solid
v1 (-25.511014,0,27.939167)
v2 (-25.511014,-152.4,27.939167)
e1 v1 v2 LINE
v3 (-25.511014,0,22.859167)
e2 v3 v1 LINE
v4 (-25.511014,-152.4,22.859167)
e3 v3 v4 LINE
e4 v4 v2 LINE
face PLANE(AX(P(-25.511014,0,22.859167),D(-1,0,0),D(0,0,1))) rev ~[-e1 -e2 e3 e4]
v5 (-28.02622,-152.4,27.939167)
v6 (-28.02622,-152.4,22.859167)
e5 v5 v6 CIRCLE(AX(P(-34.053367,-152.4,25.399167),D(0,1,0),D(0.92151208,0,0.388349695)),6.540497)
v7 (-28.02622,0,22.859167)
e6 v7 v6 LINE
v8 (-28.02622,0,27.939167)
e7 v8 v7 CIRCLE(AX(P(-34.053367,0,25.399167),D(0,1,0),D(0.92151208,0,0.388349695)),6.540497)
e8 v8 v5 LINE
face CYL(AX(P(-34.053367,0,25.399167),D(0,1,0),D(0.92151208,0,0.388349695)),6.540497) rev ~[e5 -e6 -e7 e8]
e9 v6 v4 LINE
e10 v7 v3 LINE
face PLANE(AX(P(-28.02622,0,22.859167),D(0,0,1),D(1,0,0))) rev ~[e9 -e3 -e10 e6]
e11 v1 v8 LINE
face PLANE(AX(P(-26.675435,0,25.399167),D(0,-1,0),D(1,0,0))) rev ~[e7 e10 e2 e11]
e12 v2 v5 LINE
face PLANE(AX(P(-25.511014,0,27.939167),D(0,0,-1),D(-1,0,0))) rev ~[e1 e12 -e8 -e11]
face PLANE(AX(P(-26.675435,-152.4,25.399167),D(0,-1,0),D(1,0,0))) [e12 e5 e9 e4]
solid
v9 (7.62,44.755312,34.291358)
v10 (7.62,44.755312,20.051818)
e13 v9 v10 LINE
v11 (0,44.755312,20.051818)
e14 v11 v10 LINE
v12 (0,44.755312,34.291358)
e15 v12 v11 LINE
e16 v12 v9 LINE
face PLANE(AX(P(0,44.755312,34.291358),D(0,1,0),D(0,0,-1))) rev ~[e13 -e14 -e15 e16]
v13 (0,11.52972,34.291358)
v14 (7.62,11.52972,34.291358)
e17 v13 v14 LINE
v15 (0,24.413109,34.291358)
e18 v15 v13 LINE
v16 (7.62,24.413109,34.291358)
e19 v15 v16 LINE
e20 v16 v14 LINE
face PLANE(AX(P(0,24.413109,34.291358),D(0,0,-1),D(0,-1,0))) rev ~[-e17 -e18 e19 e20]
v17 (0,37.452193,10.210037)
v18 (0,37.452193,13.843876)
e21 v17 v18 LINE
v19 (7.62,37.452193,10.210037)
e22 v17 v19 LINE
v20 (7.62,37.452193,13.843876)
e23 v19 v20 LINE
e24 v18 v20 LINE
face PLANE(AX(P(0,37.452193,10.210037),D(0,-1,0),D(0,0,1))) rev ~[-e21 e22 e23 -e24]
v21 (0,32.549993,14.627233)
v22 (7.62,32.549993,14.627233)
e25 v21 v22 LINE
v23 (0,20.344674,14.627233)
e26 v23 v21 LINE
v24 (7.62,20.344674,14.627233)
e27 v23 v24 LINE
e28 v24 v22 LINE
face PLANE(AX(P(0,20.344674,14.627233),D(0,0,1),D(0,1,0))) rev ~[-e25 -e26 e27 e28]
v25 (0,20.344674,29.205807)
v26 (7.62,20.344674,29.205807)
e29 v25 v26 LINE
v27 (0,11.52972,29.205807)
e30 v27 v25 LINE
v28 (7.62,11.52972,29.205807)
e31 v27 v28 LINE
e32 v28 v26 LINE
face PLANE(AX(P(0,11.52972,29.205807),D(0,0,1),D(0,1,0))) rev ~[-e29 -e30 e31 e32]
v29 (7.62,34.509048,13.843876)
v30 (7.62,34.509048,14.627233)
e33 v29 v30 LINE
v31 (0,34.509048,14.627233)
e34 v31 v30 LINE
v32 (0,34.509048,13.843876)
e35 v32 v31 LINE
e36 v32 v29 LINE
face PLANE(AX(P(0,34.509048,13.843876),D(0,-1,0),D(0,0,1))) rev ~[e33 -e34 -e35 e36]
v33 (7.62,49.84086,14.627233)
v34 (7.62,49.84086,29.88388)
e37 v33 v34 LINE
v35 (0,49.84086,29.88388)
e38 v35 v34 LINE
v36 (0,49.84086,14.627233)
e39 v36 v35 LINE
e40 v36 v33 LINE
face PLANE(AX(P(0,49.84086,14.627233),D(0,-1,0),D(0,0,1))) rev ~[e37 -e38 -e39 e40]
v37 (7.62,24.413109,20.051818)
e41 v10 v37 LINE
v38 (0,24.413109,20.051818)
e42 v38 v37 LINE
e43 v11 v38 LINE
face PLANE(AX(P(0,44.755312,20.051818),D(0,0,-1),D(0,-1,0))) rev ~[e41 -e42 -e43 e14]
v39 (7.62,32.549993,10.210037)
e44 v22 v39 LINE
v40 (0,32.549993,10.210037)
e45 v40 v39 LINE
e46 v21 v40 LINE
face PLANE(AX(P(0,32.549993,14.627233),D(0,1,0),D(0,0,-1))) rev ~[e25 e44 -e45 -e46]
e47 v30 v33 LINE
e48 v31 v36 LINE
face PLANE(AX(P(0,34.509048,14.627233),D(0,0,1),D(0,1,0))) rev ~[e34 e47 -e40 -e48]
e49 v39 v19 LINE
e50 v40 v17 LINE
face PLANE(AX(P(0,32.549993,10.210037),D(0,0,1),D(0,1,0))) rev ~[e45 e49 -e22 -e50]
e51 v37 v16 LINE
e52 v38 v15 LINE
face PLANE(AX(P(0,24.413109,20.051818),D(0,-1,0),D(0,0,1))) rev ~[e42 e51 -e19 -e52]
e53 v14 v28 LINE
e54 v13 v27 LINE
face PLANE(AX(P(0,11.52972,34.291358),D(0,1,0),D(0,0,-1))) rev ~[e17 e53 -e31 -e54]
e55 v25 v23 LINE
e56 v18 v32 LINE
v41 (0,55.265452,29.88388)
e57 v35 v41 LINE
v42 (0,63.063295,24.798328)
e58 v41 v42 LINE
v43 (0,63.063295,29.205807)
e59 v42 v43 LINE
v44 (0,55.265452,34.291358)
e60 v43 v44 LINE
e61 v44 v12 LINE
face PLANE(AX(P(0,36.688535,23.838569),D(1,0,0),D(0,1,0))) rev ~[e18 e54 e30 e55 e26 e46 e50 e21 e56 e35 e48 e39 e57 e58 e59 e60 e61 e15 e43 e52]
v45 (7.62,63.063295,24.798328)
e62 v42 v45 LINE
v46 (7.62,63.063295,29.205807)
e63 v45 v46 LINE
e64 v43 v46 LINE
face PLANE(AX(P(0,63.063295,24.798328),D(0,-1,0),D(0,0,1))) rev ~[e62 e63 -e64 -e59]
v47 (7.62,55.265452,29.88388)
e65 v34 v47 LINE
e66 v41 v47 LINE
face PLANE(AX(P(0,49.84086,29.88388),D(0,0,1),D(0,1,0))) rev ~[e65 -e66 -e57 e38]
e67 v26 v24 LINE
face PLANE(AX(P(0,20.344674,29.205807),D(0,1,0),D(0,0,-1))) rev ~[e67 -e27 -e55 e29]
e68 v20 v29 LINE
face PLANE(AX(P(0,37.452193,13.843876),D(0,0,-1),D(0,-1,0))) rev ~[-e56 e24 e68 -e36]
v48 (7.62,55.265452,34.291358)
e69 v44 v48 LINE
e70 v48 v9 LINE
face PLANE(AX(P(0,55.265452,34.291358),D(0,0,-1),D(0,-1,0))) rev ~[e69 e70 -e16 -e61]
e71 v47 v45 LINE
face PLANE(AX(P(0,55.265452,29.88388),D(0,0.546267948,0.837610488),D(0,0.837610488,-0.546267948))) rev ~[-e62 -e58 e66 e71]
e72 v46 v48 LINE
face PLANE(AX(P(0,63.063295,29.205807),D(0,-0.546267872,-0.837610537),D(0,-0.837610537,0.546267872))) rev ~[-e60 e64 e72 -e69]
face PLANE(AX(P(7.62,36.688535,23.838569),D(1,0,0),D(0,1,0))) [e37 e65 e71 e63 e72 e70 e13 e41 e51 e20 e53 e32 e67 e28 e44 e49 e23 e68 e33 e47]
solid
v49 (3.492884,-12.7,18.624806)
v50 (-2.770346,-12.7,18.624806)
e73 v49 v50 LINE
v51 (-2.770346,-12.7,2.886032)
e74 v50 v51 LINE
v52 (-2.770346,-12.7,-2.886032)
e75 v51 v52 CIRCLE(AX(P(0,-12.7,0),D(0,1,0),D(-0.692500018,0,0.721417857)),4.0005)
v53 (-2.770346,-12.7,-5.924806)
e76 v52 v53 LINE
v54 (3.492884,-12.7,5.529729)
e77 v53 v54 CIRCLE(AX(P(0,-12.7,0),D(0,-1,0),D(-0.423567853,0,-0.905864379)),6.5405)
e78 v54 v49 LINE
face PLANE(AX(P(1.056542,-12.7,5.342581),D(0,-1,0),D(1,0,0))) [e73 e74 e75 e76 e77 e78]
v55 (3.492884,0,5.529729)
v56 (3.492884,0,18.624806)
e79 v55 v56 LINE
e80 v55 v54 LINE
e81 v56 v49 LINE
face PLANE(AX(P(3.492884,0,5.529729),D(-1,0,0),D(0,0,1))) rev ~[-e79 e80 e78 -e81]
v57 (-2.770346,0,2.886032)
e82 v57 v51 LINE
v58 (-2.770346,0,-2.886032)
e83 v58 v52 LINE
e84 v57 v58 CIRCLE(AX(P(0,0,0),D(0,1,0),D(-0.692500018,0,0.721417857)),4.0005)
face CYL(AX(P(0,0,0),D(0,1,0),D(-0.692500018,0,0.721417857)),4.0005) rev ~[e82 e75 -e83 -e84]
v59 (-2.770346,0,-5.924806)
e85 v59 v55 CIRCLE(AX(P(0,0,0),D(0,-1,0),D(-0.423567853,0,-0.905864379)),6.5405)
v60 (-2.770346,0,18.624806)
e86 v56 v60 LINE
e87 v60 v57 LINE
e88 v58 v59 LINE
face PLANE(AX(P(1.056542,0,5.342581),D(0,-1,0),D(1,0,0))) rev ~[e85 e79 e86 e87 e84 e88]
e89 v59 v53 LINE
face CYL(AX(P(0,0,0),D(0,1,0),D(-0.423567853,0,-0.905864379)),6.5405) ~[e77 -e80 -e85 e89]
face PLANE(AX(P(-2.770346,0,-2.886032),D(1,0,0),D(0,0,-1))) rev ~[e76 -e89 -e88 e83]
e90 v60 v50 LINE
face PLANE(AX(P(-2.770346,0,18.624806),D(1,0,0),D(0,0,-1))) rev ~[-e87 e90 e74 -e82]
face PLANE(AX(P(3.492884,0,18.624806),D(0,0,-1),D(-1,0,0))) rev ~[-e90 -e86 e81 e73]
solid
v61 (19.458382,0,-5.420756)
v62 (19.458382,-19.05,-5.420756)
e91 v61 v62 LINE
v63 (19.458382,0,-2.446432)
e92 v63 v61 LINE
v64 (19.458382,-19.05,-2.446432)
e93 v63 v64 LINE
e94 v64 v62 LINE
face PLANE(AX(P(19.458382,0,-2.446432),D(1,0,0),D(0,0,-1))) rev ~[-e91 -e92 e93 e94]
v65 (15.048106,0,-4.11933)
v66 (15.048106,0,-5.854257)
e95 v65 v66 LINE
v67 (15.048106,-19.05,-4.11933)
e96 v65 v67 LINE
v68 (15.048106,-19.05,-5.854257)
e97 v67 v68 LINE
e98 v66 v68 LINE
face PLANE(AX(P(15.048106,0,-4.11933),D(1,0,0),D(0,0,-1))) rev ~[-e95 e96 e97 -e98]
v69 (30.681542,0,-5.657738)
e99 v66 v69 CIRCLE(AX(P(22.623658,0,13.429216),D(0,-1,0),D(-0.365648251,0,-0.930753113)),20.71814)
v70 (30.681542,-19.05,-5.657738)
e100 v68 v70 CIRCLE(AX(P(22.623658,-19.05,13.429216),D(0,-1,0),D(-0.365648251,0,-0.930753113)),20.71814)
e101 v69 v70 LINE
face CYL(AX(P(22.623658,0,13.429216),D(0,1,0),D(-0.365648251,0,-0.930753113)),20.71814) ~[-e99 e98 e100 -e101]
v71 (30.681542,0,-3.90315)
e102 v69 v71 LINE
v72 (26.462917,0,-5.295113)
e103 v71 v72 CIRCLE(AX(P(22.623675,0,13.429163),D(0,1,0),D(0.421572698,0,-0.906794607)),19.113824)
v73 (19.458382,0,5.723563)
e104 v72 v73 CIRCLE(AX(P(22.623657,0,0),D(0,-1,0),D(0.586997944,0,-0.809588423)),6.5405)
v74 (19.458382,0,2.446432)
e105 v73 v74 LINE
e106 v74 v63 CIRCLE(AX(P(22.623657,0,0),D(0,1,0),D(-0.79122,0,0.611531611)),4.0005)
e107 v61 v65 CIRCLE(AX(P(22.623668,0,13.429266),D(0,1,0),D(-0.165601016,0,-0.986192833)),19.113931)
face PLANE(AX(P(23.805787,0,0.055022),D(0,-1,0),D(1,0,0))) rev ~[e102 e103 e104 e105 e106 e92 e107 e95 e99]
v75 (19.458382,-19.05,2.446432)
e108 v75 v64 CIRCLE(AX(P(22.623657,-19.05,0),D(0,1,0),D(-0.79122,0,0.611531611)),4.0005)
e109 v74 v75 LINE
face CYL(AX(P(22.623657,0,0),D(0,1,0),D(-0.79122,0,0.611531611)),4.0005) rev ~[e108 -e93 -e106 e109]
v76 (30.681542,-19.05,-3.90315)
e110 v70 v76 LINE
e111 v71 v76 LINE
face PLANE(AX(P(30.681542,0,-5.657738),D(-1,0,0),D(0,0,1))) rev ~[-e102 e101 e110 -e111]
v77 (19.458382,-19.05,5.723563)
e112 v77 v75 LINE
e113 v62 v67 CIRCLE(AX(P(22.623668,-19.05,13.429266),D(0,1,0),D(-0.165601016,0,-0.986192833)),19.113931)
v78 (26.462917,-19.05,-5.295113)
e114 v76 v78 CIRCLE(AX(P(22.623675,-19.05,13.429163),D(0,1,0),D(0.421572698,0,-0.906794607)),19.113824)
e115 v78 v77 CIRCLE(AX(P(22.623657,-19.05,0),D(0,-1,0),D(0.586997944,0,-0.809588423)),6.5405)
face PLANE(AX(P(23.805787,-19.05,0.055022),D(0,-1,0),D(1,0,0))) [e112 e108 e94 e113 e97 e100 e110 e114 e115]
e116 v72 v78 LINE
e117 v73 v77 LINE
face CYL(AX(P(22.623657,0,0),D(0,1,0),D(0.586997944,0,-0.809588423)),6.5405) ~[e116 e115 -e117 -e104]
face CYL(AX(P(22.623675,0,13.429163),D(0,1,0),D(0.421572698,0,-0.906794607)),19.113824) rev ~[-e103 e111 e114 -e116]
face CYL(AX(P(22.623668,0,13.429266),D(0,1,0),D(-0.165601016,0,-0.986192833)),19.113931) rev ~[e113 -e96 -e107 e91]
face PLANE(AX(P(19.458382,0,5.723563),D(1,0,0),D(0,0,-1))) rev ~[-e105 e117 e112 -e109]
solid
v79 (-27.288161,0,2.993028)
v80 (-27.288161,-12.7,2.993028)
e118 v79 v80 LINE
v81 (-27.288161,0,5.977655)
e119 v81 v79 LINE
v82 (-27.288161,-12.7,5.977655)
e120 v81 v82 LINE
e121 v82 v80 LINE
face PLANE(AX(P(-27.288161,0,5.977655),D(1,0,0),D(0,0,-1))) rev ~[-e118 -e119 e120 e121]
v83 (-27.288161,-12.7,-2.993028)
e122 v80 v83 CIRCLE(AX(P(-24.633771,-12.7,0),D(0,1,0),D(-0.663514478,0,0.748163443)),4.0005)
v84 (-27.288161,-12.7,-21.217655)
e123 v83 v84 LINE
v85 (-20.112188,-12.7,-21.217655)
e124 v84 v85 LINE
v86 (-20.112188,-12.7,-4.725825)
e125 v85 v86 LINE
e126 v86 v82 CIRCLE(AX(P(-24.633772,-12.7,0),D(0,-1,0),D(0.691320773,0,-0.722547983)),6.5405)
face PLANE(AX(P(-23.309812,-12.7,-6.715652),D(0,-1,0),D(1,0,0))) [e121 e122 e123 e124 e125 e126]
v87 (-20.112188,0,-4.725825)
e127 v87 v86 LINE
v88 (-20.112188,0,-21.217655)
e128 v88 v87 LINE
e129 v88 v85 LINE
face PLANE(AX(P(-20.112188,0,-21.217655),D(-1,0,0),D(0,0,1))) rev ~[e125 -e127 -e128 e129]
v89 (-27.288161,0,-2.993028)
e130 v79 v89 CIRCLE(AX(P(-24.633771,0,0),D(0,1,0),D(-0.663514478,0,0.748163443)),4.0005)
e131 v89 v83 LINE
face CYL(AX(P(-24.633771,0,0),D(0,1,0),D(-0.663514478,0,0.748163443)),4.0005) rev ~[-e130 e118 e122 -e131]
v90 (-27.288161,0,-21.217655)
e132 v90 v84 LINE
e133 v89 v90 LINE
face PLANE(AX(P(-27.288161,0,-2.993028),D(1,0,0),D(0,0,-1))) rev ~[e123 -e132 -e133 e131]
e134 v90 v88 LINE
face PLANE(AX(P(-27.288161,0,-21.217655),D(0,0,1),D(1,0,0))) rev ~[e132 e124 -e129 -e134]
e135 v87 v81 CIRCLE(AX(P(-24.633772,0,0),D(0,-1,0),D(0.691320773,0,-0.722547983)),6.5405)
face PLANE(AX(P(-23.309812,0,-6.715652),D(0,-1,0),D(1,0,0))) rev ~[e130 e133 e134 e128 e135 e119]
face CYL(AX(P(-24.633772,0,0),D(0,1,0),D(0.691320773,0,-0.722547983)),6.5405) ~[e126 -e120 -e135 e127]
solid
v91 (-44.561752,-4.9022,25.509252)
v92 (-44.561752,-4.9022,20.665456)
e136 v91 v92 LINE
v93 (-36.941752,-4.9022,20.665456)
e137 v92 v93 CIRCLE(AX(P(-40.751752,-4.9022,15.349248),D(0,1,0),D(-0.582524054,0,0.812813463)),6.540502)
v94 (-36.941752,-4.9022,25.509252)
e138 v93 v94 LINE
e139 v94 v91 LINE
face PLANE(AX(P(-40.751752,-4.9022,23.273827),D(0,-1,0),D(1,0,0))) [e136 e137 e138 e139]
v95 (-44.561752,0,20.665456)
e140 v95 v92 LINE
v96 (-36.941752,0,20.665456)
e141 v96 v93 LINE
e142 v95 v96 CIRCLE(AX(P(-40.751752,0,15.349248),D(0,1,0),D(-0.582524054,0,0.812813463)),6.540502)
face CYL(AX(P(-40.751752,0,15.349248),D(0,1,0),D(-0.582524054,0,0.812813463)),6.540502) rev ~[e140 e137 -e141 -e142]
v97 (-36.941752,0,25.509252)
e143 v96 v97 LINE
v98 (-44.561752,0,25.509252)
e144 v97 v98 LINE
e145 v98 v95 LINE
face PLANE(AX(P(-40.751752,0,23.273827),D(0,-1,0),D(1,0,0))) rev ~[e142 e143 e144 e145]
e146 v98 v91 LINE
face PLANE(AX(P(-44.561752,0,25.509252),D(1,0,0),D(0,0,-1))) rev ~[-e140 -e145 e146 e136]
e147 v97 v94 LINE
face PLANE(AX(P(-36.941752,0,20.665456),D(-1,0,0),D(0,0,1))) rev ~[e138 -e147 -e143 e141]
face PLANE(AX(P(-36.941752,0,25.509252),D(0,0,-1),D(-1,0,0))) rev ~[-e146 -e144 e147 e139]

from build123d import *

# Parameters (mm, degrees)
F3_DEPTH  = 12.7
F4_DEPTH  = 12.7
F5_DEPTH  = 19.05
F7_DEPTH  = 152.4
F9_DEPTH  = 7.62
F11_DEPTH = 4.9022


with BuildPart() as f3:
    # F1 (on Front) → F3 (new body)
    with BuildSketch(Plane.XZ):
        with BuildLine():
            ThreePointArc((-27.288161, 2.993028), (-20.633271, 0), (-27.288161, -2.993028))
            Line((-27.288161, -2.993028), (-27.288161, -5.977655))
            Line((-27.288161, -5.977655), (-27.288161, -21.217655))
            Line((-27.288161, -21.217655), (-20.112188, -21.217655))
            Line((-20.112188, -21.217655), (-20.112188, -4.725825))
            ThreePointArc((-20.112188, -4.725825), (-19.20121, 3.642172), (-27.288161, 5.977655))
            Line((-27.288161, 5.977655), (-27.288161, 2.993028))
        make_face()
    extrude(amount=F3_DEPTH)


with BuildPart() as f4:
    # F0 (on Front) → F4 (new body)
    with BuildSketch(Plane.XZ):
        with BuildLine():
            ThreePointArc((-2.770346, 2.886032), (4.0005, 0), (-2.770346, -2.886032))
            Line((-2.770346, -2.886032), (-2.770346, -5.924806))
            ThreePointArc((-2.770346, -5.924806), (5.73865, -3.137839), (3.492884, 5.529729))
            Line((3.492884, 5.529729), (3.492884, 18.624806))
            Line((3.492884, 18.624806), (-2.770346, 18.624806))
            Line((-2.770346, 18.624806), (-2.770346, 5.924806))
            Line((-2.770346, 5.924806), (-2.770346, 2.886032))
        make_face()
    extrude(amount=F4_DEPTH)


with BuildPart() as f5:
    # F2 (on Front) → F5 (new body)
    with BuildSketch(Plane.XZ):
        with BuildLine():
            ThreePointArc((19.458382, 2.446432), (26.624157, 0), (19.458382, -2.446432))
            Line((19.458382, -2.446432), (19.458382, -5.420756))
            ThreePointArc((19.458382, -5.420756), (22.966455, -5.68159), (26.462917, -5.295113))
            ThreePointArc((26.462917, -5.295113), (28.143292, 3.508813), (19.458382, 5.723563))
            Line((19.458382, 5.723563), (19.458382, 2.446432))
        make_face()
        with BuildLine():
            ThreePointArc((26.462917, -5.295113), (22.966455, -5.68159), (19.458382, -5.420756))
            ThreePointArc((19.458382, -5.420756), (17.213965, -4.90315), (15.048106, -4.11933))
            Line((15.048106, -4.11933), (15.048106, -5.854257))
            ThreePointArc((15.048106, -5.854257), (22.884073, -7.287287), (30.681542, -5.657738))
            Line((30.681542, -5.657738), (30.681542, -3.90315))
            ThreePointArc((30.681542, -3.90315), (28.612806, -4.722107), (26.462917, -5.295113))
        make_face()
    extrude(amount=F5_DEPTH)


with BuildPart() as f7:
    # F6 (on Front) → F7 (new body)
    with BuildSketch(Plane.XZ):
        with BuildLine():
            Line((-25.511014, 27.939167), (-28.02622, 27.939167))
            ThreePointArc((-28.02622, 27.939167), (-27.51287, 25.399167), (-28.02622, 22.859167))
            Line((-28.02622, 22.859167), (-25.511014, 22.859167))
            Line((-25.511014, 22.859167), (-25.511014, 27.939167))
        make_face()
    extrude(amount=F7_DEPTH)


with BuildPart() as f9:
    # F8 (on Right) → F9 (new body)
    with BuildSketch(Plane.YZ):
        Polygon((24.413109, 34.291358), (11.52972, 34.291358), (11.52972, 29.205807), (20.344674, 29.205807), (20.344674, 20.051818), (20.344674, 14.627233), (32.549993, 14.627233), (32.549993, 10.210037), (37.452193, 10.210037), (37.452193, 13.843876), (34.509048, 13.843876), (34.509048, 14.627233), (44.755312, 14.627233), (49.84086, 14.627233), (49.84086, 29.88388), (55.265452, 29.88388), (63.063295, 24.798328), (63.063295, 29.205807), (55.265452, 34.291358), (49.84086, 34.291358), (44.755312, 34.291358), (44.755312, 20.051818), (24.413109, 20.051818), (24.413109, 29.205807), align=None)
    extrude(amount=F9_DEPTH)


with BuildPart() as f11:
    # F10 (on Front) → F11 (new body)
    with BuildSketch(Plane.XZ):
        with BuildLine():
            Line((-36.941752, 25.509252), (-44.561752, 25.509252))
            Line((-44.561752, 25.509252), (-44.561752, 20.665456))
            ThreePointArc((-44.561752, 20.665456), (-40.751752, 21.88975), (-36.941752, 20.665456))
            Line((-36.941752, 20.665456), (-36.941752, 25.509252))
        make_face()
    extrude(amount=F11_DEPTH)


solid = Compound([f3.part, f4.part, f5.part, f7.part, f9.part, f11.part])
